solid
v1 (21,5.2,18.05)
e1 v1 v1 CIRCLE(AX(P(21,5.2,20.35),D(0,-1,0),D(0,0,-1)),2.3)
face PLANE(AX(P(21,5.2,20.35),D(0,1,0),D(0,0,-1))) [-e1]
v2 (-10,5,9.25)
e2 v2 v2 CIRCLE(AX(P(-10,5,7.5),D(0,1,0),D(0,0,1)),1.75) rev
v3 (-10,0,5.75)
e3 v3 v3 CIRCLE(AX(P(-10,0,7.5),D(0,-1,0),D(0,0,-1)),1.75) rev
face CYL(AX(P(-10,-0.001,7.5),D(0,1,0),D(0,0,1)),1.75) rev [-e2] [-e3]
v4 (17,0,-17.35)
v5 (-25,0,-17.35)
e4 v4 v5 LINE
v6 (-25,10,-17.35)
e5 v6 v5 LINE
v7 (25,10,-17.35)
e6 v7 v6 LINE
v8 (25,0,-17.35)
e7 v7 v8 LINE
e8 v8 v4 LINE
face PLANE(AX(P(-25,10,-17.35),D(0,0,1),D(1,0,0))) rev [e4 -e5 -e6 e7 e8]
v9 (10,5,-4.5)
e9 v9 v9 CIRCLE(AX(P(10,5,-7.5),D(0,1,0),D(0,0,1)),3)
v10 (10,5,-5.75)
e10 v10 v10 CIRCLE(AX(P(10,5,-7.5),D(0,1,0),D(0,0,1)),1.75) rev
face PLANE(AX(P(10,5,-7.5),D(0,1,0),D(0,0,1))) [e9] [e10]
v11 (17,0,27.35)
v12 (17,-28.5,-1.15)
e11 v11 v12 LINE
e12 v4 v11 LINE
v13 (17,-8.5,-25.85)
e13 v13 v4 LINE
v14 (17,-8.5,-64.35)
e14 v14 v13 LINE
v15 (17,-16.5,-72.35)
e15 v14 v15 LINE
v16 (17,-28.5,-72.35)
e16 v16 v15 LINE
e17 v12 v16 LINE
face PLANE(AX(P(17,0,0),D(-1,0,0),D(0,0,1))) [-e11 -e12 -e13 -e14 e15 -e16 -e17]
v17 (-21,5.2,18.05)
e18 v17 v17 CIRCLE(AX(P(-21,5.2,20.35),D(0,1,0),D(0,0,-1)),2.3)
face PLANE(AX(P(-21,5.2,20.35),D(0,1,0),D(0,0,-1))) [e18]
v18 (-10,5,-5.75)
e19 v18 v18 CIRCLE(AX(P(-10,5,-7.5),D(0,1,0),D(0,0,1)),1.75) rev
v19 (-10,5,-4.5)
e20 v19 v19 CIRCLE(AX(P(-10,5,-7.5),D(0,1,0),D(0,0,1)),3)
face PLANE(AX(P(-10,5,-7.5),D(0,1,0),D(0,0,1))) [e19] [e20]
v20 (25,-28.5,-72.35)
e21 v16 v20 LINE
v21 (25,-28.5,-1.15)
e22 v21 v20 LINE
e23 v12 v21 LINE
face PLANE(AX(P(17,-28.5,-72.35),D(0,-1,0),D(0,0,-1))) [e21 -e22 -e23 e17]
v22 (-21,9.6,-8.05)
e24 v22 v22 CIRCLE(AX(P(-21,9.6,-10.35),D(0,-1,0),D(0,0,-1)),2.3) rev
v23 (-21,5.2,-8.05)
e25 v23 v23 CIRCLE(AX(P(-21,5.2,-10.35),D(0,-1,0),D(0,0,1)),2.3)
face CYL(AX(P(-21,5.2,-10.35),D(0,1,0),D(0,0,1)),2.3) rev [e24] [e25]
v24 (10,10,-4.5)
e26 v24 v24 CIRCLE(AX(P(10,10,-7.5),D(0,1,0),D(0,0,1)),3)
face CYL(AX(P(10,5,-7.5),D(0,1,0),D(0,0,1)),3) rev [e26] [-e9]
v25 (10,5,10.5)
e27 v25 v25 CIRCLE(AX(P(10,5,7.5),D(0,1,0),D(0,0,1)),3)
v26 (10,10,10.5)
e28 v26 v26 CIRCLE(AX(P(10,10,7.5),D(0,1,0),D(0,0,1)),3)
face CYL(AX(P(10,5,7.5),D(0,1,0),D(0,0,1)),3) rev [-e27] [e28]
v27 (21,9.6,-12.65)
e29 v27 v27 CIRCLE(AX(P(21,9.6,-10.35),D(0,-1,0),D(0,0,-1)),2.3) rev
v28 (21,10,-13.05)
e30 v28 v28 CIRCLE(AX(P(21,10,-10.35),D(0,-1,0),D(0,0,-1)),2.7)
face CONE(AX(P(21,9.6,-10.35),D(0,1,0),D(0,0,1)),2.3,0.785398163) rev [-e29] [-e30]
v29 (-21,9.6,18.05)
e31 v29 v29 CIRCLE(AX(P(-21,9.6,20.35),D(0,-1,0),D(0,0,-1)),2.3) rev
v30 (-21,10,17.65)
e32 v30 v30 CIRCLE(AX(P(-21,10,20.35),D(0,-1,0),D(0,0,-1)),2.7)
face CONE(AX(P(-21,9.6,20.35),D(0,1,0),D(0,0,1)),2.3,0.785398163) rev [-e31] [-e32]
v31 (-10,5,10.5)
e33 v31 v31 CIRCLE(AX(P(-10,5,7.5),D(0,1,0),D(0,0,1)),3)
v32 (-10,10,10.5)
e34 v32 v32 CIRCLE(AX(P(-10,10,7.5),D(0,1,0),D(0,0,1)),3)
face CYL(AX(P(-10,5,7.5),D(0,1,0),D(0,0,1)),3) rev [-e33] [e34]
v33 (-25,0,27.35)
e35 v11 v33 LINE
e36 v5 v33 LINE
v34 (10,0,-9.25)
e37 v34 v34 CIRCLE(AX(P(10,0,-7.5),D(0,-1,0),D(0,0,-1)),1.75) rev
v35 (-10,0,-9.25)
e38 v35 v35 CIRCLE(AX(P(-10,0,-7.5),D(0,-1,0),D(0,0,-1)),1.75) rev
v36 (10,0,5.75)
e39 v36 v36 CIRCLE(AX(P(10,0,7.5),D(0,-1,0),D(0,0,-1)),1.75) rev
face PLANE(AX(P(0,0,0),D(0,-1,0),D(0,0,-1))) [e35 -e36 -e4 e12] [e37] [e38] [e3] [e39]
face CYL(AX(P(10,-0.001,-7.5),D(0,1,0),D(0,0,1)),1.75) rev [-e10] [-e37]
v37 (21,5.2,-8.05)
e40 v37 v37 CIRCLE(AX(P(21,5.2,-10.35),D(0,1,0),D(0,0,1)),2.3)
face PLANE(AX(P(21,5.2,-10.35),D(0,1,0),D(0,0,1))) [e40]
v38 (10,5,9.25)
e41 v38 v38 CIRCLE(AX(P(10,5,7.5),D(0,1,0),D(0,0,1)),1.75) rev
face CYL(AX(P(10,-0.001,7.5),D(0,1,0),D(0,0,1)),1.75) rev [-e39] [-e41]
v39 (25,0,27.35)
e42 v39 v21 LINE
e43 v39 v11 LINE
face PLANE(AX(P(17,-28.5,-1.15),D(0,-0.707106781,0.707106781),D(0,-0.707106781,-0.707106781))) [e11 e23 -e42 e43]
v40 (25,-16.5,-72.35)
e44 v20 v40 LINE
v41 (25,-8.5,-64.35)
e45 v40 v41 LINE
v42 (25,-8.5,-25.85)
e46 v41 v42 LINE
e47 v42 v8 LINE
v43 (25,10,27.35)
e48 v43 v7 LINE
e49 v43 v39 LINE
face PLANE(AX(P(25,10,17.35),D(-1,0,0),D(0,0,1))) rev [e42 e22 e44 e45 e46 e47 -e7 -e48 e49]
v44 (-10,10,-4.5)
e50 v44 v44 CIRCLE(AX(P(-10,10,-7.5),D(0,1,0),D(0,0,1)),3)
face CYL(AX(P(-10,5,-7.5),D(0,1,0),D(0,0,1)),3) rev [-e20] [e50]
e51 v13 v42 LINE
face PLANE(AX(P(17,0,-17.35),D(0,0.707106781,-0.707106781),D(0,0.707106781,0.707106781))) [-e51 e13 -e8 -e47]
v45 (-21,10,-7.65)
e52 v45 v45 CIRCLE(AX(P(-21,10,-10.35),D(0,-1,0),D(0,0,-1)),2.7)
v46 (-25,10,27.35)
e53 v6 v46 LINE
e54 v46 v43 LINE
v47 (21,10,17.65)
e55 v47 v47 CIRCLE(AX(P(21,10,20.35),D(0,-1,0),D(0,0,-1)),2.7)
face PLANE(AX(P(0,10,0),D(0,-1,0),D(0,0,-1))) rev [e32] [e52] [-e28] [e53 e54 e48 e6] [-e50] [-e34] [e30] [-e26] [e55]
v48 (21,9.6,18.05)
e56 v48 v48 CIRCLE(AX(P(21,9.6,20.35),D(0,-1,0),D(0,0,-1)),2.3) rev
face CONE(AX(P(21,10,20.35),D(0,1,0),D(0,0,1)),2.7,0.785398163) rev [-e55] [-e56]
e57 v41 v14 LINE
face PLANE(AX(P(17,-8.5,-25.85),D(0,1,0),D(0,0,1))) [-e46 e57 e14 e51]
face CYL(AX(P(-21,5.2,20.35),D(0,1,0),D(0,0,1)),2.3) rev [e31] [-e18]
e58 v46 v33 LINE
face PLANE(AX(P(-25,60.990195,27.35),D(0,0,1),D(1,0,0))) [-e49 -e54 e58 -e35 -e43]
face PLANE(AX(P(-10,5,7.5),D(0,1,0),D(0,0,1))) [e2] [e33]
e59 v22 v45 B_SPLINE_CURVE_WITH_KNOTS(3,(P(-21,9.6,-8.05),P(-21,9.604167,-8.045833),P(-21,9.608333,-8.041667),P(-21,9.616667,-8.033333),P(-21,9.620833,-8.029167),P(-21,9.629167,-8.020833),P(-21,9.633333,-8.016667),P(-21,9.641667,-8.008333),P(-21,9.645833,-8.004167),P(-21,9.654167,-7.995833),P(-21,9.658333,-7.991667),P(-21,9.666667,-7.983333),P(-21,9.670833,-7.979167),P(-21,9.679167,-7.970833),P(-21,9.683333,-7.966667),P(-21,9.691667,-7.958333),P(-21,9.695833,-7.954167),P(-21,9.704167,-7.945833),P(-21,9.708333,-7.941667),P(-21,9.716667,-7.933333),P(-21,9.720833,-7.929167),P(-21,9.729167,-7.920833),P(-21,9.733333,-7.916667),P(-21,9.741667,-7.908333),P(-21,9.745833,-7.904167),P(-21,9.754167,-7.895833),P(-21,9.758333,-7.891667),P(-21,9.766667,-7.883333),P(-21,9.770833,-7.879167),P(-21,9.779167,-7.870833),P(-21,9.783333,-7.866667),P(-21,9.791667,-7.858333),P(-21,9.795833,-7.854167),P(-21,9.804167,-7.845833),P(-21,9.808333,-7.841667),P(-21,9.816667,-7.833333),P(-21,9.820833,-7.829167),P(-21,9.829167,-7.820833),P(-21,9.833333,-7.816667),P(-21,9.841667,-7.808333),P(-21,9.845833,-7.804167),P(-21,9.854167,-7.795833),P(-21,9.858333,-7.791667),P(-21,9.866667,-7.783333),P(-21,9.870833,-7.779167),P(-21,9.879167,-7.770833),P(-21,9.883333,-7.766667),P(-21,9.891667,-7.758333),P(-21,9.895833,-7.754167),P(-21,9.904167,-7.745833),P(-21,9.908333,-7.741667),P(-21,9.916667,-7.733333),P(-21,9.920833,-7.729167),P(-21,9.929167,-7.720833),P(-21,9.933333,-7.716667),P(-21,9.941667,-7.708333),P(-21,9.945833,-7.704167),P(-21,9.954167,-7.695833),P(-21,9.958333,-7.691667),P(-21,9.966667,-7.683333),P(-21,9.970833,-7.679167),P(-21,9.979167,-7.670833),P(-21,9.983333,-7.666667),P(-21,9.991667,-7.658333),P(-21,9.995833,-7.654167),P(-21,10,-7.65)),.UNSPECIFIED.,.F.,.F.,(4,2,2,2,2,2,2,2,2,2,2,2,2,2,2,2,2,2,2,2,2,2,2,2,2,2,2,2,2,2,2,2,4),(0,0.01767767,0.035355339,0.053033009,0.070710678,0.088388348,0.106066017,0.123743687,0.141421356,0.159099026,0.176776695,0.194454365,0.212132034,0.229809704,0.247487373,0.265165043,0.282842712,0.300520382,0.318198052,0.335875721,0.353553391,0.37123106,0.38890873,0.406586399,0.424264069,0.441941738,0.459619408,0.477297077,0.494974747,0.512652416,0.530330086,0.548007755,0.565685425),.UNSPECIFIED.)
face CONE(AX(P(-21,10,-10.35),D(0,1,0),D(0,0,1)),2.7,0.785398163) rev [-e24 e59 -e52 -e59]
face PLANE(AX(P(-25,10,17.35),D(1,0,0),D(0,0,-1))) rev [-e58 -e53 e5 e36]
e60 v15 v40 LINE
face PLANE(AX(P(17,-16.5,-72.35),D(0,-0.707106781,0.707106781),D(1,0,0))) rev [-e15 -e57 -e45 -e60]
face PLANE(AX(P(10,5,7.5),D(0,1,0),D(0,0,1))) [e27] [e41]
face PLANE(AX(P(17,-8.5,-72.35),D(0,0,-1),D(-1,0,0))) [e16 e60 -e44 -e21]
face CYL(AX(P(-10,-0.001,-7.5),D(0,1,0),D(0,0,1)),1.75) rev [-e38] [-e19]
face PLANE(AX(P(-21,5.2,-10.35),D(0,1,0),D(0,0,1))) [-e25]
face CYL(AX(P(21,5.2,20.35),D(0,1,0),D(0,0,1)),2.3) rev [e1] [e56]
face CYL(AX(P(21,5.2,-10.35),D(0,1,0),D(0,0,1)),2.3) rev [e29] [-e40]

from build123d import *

# Parameters (mm, degrees)
SKETCH1_W               = 50
SKETCH1_H               = 34.7
BOSS_EXTRUDE1_DEPTH     = 10
CUT_EXTRUDE1_REACH      = 34.032
SKETCH2_R               = 1.75
SKETCH3_R               = 3
CUT_EXTRUDE2_DEPTH      = 5
SKETCH6_W               = 50
SKETCH6_H               = 10
BOSS_EXTRUDE3_DEPTH     = 10
BOSS_EXTRUDE4_DEPTH     = 8
CHAMFER1_SIZE           = 8
SKETCH10_R              = 2.3
CUT_EXTRUDE3_DEPTH      = 4.8
MIRROR2_COPY_1_SKETCH_R = 2.3
MIRROR2_COPY_1_DEPTH    = 4.8
CHAMFER2_SIZE           = 0.4


with BuildPart() as part:
    # Sketch1 → Boss-Extrude1 (new body)
    with BuildSketch(Plane(origin=(0, 0, 0), x_dir=(1, 0, 0), z_dir=(0, 1, 0))):
        Rectangle(SKETCH1_W, SKETCH1_H)
    extrude(amount=BOSS_EXTRUDE1_DEPTH)

    # Sketch2 → Cut-Extrude1 (cut, up to next)
    with BuildSketch(Plane(origin=(0, 10, 0), x_dir=(1, 0, 0), z_dir=(0, 1, 0)), mode=Mode.PRIVATE) as cut_extrude1_sk1:
        with Locations(Location((-10, 7.5, 0), (0, 0, 270))):
            Circle(SKETCH2_R)
    cut_extrude1_tool1 = extrude(cut_extrude1_sk1.sketch, amount=-CUT_EXTRUDE1_REACH, mode=Mode.PRIVATE) & part.part
    # Sketch2 → Cut-Extrude1 (cut, up to next)
    with BuildSketch(Plane(origin=(0, 10, 0), x_dir=(1, 0, 0), z_dir=(0, 1, 0)), mode=Mode.PRIVATE) as cut_extrude1_sk2:
        with Locations(Location((10, 7.5, 0), (0, 0, 270))):
            Circle(SKETCH2_R)
    cut_extrude1_tool2 = extrude(cut_extrude1_sk2.sketch, amount=-CUT_EXTRUDE1_REACH, mode=Mode.PRIVATE) & part.part
    # Sketch2 → Cut-Extrude1 (cut, up to next)
    with BuildSketch(Plane(origin=(0, 10, 0), x_dir=(1, 0, 0), z_dir=(0, 1, 0)), mode=Mode.PRIVATE) as cut_extrude1_sk3:
        with Locations(Location((10, -7.5, 0), (0, 0, 270))):
            Circle(SKETCH2_R)
    cut_extrude1_tool3 = extrude(cut_extrude1_sk3.sketch, amount=-CUT_EXTRUDE1_REACH, mode=Mode.PRIVATE) & part.part
    # Sketch2 → Cut-Extrude1 (cut, up to next)
    with BuildSketch(Plane(origin=(0, 10, 0), x_dir=(1, 0, 0), z_dir=(0, 1, 0)), mode=Mode.PRIVATE) as cut_extrude1_sk4:
        with Locations(Location((-10, -7.5, 0), (0, 0, 270))):
            Circle(SKETCH2_R)
    cut_extrude1_tool4 = extrude(cut_extrude1_sk4.sketch, amount=-CUT_EXTRUDE1_REACH, mode=Mode.PRIVATE) & part.part
    add(cut_extrude1_tool1.solids().sort_by_distance((-10, 10, -7.5))[0], mode=Mode.SUBTRACT)
    add(cut_extrude1_tool2.solids().sort_by_distance((10, 10, -7.5))[0], mode=Mode.SUBTRACT)
    add(cut_extrude1_tool3.solids().sort_by_distance((10, 10, 7.5))[0], mode=Mode.SUBTRACT)
    add(cut_extrude1_tool4.solids().sort_by_distance((-10, 10, 7.5))[0], mode=Mode.SUBTRACT)

    # Sketch3 → Cut-Extrude2 (cut)
    with BuildSketch(Plane(origin=(0, 10, 0), x_dir=(1, 0, 0), z_dir=(0, 1, 0))):
        with Locations(Location((-10, 7.5, 0), (0, 0, 270))):
            Circle(SKETCH3_R)
        with Locations(Location((10, 7.5, 0), (0, 0, 270))):
            Circle(SKETCH3_R)
        with Locations(Location((10, -7.5, 0), (0, 0, 270))):
            Circle(SKETCH3_R)
        with Locations(Location((-10, -7.5, 0), (0, 0, 270))):
            Circle(SKETCH3_R)
    extrude(amount=-CUT_EXTRUDE2_DEPTH, mode=Mode.SUBTRACT)

    # Sketch6 → Boss-Extrude3 (add)
    with BuildSketch(Plane.XZ):
        with Locations((0, 22.35)):
            Rectangle(SKETCH6_W, SKETCH6_H)
    extrude(amount=-BOSS_EXTRUDE3_DEPTH)

    # Sketch8 → Boss-Extrude4 (add)
    with BuildSketch(Plane(origin=(25, 0, 0), x_dir=(0, 0, -1), z_dir=(1, 0, 0))):
        Polygon((-27.35, 0), (17.35, 0), (25.85, -8.5), (72.35, -8.5), (72.35, -28.5), (1.15, -28.5), align=None)
    extrude(amount=-BOSS_EXTRUDE4_DEPTH)

    # Chamfer1
    chamfer1_edges = [part.edges().sort_by_distance(p)[0] for p in [
        (21, -8.5, -72.35),
    ]]
    chamfer(chamfer1_edges, length=CHAMFER1_SIZE)

    # Sketch10 → Cut-Extrude3 (cut)
    with BuildSketch(Plane(origin=(0, 10, 0), x_dir=(1, 0, 0), z_dir=(0, 1, 0))):
        with Locations(Location((21, 10.35, 0), (0, 0, 270))):
            Circle(SKETCH10_R)
    cut_extrude3 = extrude(amount=-CUT_EXTRUDE3_DEPTH, mode=Mode.SUBTRACT)

    # Mirror1: Cut-Extrude3 across plane
    add(cut_extrude3.mirror(Plane(origin=(0, 0, 5), x_dir=(1, 0, 0), z_dir=(0, 0, -1))), mode=Mode.SUBTRACT)

    # Mirror2: Cut-Extrude3 across plane
    add(cut_extrude3.mirror(Plane.ZY), mode=Mode.SUBTRACT)

    # Mirror2 copy 1 sketch → Mirror2 copy 1 (cut)
    with BuildSketch(Plane(origin=(0, 10, 10), x_dir=(-1, 0, 0), z_dir=(0, 1, 0))):
        with Locations(Location((21, 10.35, 0), (0, 0, 270))):
            Circle(MIRROR2_COPY_1_SKETCH_R)
    extrude(amount=-MIRROR2_COPY_1_DEPTH, mode=Mode.SUBTRACT)

    # Chamfer2
    chamfer2_edges = [part.edges().sort_by_distance(p)[0] for p in [
        (-21, 10, -12.65),
        (-21, 10, 22.65),
        (21, 10, -12.65),
        (21, 10, 22.65),
    ]]
    chamfer(chamfer2_edges, length=CHAMFER2_SIZE)


solid = part.part
